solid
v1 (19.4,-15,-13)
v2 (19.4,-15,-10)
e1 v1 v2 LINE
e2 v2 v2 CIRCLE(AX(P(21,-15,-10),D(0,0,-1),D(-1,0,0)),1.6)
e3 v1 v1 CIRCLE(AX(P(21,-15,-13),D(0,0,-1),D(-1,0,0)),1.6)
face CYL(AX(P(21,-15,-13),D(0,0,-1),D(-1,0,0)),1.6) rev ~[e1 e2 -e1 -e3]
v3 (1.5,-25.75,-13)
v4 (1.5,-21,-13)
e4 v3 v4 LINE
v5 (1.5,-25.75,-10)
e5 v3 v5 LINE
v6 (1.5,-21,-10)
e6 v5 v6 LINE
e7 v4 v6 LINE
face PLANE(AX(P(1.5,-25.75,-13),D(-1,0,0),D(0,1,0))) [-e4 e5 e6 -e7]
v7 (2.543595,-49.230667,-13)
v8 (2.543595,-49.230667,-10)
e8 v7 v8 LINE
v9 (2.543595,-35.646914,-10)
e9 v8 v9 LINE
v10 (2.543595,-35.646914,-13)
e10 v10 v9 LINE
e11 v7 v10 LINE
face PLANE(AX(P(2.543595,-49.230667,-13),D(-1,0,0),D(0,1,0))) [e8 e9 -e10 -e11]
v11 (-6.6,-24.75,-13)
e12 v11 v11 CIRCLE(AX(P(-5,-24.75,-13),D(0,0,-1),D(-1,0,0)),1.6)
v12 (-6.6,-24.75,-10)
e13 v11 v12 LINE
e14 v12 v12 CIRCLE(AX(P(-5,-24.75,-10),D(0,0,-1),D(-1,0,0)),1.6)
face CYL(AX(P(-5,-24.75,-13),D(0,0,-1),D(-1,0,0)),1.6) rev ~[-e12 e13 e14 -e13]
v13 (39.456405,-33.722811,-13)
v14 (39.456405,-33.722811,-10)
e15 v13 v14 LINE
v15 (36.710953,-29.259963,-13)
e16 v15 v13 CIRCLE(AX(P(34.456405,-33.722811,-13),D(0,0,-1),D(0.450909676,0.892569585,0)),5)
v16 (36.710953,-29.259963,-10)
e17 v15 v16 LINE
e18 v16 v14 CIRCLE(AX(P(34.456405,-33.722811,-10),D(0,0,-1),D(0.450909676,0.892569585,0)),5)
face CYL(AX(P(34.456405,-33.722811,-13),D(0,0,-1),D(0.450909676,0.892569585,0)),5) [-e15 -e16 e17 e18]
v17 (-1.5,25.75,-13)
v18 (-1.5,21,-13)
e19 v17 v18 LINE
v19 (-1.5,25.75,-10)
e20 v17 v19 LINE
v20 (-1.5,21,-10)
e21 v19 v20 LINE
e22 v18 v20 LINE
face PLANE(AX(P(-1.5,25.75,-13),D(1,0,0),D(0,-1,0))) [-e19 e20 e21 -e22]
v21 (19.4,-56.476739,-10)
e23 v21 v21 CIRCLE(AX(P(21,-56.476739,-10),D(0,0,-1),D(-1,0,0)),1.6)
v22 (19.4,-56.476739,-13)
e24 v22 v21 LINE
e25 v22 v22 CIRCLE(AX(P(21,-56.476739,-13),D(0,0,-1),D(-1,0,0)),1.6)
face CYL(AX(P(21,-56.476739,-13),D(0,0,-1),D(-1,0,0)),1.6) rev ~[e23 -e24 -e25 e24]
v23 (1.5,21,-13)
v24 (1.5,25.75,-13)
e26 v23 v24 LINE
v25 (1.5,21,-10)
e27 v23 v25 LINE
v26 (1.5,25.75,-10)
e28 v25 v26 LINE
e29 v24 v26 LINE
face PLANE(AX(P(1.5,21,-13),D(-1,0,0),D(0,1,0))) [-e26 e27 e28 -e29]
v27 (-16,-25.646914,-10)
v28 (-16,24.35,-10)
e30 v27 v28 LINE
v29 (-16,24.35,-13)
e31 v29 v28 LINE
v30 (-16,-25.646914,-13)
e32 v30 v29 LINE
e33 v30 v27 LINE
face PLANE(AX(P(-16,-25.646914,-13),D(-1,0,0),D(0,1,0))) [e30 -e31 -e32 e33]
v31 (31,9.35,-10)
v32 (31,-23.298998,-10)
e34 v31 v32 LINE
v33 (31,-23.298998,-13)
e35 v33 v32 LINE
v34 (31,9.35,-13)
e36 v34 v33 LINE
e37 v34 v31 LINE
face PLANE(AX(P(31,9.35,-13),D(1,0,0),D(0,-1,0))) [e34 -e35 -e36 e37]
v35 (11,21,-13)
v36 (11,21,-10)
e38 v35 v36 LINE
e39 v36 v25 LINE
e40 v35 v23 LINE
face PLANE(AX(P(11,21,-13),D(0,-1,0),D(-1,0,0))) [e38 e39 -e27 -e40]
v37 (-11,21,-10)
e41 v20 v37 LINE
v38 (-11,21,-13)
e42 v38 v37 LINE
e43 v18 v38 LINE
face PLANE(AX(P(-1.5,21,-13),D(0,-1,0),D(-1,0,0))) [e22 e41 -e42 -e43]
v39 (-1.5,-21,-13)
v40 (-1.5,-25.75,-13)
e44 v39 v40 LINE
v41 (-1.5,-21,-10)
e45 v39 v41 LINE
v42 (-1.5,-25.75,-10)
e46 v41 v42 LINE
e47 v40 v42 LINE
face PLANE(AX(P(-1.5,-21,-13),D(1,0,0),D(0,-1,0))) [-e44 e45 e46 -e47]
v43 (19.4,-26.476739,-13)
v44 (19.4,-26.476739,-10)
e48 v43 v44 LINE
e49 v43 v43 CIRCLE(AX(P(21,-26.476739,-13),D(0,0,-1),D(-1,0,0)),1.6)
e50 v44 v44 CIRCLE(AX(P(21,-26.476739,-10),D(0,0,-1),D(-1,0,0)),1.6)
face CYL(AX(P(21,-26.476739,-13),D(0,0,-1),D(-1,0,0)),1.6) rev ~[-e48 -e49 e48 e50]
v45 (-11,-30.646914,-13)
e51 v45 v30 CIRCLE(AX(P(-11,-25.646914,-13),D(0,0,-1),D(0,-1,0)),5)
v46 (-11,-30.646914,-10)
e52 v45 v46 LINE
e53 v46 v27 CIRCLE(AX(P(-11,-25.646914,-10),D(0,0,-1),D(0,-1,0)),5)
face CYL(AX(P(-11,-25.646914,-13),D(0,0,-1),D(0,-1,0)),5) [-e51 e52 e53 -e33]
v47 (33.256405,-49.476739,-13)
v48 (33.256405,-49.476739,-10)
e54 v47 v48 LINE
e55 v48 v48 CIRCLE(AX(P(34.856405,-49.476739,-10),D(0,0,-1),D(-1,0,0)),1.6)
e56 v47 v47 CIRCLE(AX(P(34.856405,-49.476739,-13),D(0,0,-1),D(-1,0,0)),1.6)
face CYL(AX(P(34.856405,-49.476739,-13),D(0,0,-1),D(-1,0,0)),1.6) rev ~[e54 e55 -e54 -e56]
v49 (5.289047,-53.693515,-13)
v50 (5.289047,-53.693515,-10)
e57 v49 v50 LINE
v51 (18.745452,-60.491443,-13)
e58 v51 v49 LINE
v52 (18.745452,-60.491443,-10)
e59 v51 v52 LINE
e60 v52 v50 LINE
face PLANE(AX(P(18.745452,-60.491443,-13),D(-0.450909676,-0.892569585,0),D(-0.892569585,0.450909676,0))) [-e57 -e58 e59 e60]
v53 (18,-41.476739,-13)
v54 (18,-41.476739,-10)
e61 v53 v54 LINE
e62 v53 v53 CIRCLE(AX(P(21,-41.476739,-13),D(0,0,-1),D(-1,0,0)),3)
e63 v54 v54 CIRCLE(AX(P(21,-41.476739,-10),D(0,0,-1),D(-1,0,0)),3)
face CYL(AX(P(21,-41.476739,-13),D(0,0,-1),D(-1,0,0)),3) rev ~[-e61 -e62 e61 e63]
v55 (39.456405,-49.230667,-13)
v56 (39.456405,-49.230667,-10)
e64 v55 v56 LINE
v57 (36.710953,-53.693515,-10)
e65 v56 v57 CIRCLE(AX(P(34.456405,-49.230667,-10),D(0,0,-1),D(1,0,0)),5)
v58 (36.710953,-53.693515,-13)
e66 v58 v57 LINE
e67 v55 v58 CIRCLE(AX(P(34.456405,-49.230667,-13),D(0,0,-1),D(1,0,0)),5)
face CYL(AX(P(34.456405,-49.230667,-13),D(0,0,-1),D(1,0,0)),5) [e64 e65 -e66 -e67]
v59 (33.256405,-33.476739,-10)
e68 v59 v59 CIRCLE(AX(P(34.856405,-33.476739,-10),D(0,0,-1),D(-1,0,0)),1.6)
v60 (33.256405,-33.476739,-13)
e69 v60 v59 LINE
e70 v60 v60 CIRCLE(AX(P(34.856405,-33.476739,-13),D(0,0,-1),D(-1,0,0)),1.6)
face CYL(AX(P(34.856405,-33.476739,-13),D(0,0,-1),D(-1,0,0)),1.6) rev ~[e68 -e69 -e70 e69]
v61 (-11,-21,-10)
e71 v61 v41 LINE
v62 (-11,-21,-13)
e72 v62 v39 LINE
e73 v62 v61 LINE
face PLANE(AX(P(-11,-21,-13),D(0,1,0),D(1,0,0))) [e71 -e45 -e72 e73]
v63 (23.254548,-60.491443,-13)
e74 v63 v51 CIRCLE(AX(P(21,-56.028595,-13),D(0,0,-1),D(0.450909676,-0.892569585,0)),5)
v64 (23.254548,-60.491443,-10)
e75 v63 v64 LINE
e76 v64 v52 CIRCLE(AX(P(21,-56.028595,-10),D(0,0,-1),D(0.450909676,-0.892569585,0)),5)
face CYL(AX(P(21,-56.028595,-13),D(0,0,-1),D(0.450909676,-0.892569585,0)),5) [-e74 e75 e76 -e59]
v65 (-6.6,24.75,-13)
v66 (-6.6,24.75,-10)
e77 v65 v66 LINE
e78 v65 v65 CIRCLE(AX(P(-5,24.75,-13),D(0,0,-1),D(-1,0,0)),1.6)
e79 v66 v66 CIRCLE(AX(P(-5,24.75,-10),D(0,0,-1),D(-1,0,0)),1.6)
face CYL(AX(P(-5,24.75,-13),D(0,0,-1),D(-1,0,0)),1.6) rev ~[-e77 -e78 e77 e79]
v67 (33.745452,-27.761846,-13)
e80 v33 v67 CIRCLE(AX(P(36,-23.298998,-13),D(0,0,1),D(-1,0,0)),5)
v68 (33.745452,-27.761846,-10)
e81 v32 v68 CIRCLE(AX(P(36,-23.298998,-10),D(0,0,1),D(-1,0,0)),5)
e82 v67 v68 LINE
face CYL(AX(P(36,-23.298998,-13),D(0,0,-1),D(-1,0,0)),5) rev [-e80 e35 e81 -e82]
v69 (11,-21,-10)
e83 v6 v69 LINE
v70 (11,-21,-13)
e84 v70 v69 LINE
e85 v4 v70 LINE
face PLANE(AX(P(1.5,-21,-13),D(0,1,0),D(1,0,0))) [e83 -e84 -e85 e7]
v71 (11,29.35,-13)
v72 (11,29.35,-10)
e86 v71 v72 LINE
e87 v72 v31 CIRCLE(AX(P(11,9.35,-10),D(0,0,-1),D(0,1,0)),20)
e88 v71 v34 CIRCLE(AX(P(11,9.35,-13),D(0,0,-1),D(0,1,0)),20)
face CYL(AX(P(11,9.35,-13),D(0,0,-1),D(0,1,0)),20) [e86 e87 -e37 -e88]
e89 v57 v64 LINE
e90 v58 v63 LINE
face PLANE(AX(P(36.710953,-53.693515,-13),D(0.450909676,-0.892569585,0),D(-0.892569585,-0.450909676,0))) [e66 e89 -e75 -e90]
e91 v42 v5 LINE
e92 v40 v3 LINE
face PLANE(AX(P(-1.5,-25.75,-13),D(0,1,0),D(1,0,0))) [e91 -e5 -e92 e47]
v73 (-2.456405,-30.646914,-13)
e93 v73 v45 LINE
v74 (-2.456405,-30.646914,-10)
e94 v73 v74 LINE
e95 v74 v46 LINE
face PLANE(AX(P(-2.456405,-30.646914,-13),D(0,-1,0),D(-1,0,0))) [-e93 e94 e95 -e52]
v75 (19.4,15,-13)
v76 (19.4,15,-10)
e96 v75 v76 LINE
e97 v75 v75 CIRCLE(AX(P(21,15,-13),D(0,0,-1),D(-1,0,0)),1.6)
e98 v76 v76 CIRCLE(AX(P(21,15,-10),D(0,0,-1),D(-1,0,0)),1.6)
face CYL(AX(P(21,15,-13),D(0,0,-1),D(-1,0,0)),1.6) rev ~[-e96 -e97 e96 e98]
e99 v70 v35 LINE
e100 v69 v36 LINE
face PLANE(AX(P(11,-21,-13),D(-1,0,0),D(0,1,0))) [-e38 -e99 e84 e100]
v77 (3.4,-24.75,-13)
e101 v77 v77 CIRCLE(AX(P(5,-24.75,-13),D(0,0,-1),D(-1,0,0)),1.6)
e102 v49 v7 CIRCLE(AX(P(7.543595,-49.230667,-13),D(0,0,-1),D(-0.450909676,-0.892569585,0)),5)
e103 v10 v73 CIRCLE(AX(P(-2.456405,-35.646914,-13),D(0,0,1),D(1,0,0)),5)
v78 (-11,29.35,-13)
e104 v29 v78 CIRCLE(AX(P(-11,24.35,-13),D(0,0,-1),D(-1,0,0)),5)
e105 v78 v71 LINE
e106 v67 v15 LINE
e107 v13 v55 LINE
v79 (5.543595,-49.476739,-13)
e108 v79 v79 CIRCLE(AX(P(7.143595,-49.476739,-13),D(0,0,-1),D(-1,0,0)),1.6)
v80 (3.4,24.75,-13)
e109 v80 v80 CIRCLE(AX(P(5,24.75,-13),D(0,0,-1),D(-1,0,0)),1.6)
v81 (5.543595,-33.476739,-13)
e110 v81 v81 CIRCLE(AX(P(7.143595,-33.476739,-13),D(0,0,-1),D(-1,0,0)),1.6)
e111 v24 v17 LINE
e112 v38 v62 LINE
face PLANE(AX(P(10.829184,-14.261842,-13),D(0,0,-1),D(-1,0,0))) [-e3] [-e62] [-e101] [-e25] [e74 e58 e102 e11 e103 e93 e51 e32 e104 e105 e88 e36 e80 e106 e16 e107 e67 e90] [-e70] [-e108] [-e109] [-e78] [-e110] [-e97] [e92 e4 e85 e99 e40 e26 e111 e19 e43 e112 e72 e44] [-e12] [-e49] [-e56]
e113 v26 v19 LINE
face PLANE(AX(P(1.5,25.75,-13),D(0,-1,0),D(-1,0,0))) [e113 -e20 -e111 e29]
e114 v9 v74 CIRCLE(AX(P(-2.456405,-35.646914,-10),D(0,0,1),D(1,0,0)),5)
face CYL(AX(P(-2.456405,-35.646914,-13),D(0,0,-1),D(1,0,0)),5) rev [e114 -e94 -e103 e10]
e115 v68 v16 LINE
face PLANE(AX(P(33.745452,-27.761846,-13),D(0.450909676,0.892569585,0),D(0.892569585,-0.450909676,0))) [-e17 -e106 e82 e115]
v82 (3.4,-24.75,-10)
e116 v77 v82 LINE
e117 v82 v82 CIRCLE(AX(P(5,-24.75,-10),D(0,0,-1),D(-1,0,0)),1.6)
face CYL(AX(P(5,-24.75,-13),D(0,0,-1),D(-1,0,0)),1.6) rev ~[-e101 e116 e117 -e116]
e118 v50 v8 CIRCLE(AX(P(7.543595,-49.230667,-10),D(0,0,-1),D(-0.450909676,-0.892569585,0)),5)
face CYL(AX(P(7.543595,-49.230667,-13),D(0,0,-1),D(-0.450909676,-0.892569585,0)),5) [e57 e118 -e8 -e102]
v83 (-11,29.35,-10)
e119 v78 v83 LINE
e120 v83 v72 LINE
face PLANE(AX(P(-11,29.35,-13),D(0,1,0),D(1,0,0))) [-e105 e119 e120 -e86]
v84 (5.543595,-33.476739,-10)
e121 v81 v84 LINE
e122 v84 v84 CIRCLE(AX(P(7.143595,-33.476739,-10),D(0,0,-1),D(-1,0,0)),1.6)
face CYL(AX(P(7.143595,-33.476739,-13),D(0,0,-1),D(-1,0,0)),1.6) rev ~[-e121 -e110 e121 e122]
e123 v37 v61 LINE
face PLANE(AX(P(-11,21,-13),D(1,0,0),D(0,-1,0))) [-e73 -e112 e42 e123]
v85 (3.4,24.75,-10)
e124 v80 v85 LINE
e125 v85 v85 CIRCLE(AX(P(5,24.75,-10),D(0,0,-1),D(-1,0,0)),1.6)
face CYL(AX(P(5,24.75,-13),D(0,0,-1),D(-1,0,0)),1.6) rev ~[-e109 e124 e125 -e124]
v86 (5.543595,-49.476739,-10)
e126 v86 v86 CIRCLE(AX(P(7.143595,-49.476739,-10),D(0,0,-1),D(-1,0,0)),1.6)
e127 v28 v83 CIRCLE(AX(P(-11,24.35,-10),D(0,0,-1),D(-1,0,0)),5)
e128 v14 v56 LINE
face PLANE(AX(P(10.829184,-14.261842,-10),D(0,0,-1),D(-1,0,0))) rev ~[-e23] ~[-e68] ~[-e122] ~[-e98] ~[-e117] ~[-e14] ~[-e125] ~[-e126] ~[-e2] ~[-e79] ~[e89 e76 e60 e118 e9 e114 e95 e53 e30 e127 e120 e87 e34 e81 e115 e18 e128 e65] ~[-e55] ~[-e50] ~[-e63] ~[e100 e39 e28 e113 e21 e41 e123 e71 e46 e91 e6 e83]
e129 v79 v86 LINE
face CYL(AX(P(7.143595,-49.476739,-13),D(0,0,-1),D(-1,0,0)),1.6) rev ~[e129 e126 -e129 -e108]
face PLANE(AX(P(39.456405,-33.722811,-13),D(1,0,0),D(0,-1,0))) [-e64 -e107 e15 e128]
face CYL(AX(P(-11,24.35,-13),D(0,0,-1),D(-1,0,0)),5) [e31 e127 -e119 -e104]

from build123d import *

# Parameters (mm, degrees)
ESBO_O1_R                = 1.6
ESBO_O1_R_2              = 3
RESSALTO_EXTRUS_O1_DEPTH = 3


with BuildPart() as part:
    # Esboço1 → Ressalto-extrusão1 (new body)
    with BuildSketch(Plane(origin=(0, 0, -13), x_dir=(-1, 0, 0), z_dir=(0, 0, -1))):
        with BuildLine():
            Line((11, 29.35), (-11, 29.35))
            ThreePointArc((-11, 29.35), (-25.142135624, 23.492135624), (-31, 9.35))
            Line((-31, 9.35), (-31, -23.298998166))
            ThreePointArc((-31, -23.298998166), (-31.741318167, -25.918851033), (-33.745451618, -27.76184609))
            Line((-33.745451618, -27.76184609), (-36.710953382, -29.259962834))
            ThreePointArc((-36.710953382, -29.259962834), (-38.715086833, -31.102957891), (-39.456405, -33.722810758))
            Line((-39.456405, -33.722810758), (-39.456405, -49.230667326))
            ThreePointArc((-39.456405, -49.230667326), (-38.715086833, -51.850520194), (-36.710953382, -53.693515251))
            Line((-36.710953382, -53.693515251), (-23.254548382, -60.491442635))
            ThreePointArc((-23.254548382, -60.491442635), (-21, -61.028594711), (-18.745451618, -60.491442635))
            Line((-18.745451618, -60.491442635), (-5.289046618, -53.693515251))
            ThreePointArc((-5.289046618, -53.693515251), (-3.284913167, -51.850520194), (-2.543595, -49.230667326))
            Line((-2.543595, -49.230667326), (-2.543595, -35.646914307))
            ThreePointArc((-2.543595, -35.646914307), (-1.079128906, -32.111380402), (2.456405, -30.646914307))
            Line((2.456405, -30.646914307), (11, -30.646914307))
            ThreePointArc((11, -30.646914307), (14.535533906, -29.182448213), (16, -25.646914307))
            Line((16, -25.646914307), (16, 24.35))
            ThreePointArc((16, 24.35), (14.535533906, 27.885533906), (11, 29.35))
        make_face()
        with Locations((-5, -24.75)):
            Circle(ESBO_O1_R, mode=Mode.SUBTRACT)
        with Locations((-5, 24.75)):
            Circle(ESBO_O1_R, mode=Mode.SUBTRACT)
        with Locations((5, -24.75)):
            Circle(ESBO_O1_R, mode=Mode.SUBTRACT)
        with Locations((5, 24.75)):
            Circle(ESBO_O1_R, mode=Mode.SUBTRACT)
        with Locations((-21, 15)):
            Circle(ESBO_O1_R, mode=Mode.SUBTRACT)
        with Locations((-21, -15)):
            Circle(ESBO_O1_R, mode=Mode.SUBTRACT)
        with Locations((-7.143595, -33.476739042)):
            Circle(ESBO_O1_R, mode=Mode.SUBTRACT)
        with Locations((-7.143595, -49.476739042)):
            Circle(ESBO_O1_R, mode=Mode.SUBTRACT)
        with Locations((-21, -26.476739042)):
            Circle(ESBO_O1_R, mode=Mode.SUBTRACT)
        with Locations((-21, -56.476739042)):
            Circle(ESBO_O1_R, mode=Mode.SUBTRACT)
        with Locations((-21, -41.476739042)):
            Circle(ESBO_O1_R_2, mode=Mode.SUBTRACT)
        with Locations((-34.856405, -33.476739042)):
            Circle(ESBO_O1_R, mode=Mode.SUBTRACT)
        with Locations((-34.856405, -49.476739042)):
            Circle(ESBO_O1_R, mode=Mode.SUBTRACT)
        Polygon((-1.5, -21), (-11, -21), (-11, 21), (-1.5, 21), (-1.5, 25.75), (1.5, 25.75), (1.5, 21), (11, 21), (11, -21), (1.5, -21), (1.5, -25.75), (-1.5, -25.75), align=None, mode=Mode.SUBTRACT)
    extrude(amount=-RESSALTO_EXTRUS_O1_DEPTH)


solid = part.part
